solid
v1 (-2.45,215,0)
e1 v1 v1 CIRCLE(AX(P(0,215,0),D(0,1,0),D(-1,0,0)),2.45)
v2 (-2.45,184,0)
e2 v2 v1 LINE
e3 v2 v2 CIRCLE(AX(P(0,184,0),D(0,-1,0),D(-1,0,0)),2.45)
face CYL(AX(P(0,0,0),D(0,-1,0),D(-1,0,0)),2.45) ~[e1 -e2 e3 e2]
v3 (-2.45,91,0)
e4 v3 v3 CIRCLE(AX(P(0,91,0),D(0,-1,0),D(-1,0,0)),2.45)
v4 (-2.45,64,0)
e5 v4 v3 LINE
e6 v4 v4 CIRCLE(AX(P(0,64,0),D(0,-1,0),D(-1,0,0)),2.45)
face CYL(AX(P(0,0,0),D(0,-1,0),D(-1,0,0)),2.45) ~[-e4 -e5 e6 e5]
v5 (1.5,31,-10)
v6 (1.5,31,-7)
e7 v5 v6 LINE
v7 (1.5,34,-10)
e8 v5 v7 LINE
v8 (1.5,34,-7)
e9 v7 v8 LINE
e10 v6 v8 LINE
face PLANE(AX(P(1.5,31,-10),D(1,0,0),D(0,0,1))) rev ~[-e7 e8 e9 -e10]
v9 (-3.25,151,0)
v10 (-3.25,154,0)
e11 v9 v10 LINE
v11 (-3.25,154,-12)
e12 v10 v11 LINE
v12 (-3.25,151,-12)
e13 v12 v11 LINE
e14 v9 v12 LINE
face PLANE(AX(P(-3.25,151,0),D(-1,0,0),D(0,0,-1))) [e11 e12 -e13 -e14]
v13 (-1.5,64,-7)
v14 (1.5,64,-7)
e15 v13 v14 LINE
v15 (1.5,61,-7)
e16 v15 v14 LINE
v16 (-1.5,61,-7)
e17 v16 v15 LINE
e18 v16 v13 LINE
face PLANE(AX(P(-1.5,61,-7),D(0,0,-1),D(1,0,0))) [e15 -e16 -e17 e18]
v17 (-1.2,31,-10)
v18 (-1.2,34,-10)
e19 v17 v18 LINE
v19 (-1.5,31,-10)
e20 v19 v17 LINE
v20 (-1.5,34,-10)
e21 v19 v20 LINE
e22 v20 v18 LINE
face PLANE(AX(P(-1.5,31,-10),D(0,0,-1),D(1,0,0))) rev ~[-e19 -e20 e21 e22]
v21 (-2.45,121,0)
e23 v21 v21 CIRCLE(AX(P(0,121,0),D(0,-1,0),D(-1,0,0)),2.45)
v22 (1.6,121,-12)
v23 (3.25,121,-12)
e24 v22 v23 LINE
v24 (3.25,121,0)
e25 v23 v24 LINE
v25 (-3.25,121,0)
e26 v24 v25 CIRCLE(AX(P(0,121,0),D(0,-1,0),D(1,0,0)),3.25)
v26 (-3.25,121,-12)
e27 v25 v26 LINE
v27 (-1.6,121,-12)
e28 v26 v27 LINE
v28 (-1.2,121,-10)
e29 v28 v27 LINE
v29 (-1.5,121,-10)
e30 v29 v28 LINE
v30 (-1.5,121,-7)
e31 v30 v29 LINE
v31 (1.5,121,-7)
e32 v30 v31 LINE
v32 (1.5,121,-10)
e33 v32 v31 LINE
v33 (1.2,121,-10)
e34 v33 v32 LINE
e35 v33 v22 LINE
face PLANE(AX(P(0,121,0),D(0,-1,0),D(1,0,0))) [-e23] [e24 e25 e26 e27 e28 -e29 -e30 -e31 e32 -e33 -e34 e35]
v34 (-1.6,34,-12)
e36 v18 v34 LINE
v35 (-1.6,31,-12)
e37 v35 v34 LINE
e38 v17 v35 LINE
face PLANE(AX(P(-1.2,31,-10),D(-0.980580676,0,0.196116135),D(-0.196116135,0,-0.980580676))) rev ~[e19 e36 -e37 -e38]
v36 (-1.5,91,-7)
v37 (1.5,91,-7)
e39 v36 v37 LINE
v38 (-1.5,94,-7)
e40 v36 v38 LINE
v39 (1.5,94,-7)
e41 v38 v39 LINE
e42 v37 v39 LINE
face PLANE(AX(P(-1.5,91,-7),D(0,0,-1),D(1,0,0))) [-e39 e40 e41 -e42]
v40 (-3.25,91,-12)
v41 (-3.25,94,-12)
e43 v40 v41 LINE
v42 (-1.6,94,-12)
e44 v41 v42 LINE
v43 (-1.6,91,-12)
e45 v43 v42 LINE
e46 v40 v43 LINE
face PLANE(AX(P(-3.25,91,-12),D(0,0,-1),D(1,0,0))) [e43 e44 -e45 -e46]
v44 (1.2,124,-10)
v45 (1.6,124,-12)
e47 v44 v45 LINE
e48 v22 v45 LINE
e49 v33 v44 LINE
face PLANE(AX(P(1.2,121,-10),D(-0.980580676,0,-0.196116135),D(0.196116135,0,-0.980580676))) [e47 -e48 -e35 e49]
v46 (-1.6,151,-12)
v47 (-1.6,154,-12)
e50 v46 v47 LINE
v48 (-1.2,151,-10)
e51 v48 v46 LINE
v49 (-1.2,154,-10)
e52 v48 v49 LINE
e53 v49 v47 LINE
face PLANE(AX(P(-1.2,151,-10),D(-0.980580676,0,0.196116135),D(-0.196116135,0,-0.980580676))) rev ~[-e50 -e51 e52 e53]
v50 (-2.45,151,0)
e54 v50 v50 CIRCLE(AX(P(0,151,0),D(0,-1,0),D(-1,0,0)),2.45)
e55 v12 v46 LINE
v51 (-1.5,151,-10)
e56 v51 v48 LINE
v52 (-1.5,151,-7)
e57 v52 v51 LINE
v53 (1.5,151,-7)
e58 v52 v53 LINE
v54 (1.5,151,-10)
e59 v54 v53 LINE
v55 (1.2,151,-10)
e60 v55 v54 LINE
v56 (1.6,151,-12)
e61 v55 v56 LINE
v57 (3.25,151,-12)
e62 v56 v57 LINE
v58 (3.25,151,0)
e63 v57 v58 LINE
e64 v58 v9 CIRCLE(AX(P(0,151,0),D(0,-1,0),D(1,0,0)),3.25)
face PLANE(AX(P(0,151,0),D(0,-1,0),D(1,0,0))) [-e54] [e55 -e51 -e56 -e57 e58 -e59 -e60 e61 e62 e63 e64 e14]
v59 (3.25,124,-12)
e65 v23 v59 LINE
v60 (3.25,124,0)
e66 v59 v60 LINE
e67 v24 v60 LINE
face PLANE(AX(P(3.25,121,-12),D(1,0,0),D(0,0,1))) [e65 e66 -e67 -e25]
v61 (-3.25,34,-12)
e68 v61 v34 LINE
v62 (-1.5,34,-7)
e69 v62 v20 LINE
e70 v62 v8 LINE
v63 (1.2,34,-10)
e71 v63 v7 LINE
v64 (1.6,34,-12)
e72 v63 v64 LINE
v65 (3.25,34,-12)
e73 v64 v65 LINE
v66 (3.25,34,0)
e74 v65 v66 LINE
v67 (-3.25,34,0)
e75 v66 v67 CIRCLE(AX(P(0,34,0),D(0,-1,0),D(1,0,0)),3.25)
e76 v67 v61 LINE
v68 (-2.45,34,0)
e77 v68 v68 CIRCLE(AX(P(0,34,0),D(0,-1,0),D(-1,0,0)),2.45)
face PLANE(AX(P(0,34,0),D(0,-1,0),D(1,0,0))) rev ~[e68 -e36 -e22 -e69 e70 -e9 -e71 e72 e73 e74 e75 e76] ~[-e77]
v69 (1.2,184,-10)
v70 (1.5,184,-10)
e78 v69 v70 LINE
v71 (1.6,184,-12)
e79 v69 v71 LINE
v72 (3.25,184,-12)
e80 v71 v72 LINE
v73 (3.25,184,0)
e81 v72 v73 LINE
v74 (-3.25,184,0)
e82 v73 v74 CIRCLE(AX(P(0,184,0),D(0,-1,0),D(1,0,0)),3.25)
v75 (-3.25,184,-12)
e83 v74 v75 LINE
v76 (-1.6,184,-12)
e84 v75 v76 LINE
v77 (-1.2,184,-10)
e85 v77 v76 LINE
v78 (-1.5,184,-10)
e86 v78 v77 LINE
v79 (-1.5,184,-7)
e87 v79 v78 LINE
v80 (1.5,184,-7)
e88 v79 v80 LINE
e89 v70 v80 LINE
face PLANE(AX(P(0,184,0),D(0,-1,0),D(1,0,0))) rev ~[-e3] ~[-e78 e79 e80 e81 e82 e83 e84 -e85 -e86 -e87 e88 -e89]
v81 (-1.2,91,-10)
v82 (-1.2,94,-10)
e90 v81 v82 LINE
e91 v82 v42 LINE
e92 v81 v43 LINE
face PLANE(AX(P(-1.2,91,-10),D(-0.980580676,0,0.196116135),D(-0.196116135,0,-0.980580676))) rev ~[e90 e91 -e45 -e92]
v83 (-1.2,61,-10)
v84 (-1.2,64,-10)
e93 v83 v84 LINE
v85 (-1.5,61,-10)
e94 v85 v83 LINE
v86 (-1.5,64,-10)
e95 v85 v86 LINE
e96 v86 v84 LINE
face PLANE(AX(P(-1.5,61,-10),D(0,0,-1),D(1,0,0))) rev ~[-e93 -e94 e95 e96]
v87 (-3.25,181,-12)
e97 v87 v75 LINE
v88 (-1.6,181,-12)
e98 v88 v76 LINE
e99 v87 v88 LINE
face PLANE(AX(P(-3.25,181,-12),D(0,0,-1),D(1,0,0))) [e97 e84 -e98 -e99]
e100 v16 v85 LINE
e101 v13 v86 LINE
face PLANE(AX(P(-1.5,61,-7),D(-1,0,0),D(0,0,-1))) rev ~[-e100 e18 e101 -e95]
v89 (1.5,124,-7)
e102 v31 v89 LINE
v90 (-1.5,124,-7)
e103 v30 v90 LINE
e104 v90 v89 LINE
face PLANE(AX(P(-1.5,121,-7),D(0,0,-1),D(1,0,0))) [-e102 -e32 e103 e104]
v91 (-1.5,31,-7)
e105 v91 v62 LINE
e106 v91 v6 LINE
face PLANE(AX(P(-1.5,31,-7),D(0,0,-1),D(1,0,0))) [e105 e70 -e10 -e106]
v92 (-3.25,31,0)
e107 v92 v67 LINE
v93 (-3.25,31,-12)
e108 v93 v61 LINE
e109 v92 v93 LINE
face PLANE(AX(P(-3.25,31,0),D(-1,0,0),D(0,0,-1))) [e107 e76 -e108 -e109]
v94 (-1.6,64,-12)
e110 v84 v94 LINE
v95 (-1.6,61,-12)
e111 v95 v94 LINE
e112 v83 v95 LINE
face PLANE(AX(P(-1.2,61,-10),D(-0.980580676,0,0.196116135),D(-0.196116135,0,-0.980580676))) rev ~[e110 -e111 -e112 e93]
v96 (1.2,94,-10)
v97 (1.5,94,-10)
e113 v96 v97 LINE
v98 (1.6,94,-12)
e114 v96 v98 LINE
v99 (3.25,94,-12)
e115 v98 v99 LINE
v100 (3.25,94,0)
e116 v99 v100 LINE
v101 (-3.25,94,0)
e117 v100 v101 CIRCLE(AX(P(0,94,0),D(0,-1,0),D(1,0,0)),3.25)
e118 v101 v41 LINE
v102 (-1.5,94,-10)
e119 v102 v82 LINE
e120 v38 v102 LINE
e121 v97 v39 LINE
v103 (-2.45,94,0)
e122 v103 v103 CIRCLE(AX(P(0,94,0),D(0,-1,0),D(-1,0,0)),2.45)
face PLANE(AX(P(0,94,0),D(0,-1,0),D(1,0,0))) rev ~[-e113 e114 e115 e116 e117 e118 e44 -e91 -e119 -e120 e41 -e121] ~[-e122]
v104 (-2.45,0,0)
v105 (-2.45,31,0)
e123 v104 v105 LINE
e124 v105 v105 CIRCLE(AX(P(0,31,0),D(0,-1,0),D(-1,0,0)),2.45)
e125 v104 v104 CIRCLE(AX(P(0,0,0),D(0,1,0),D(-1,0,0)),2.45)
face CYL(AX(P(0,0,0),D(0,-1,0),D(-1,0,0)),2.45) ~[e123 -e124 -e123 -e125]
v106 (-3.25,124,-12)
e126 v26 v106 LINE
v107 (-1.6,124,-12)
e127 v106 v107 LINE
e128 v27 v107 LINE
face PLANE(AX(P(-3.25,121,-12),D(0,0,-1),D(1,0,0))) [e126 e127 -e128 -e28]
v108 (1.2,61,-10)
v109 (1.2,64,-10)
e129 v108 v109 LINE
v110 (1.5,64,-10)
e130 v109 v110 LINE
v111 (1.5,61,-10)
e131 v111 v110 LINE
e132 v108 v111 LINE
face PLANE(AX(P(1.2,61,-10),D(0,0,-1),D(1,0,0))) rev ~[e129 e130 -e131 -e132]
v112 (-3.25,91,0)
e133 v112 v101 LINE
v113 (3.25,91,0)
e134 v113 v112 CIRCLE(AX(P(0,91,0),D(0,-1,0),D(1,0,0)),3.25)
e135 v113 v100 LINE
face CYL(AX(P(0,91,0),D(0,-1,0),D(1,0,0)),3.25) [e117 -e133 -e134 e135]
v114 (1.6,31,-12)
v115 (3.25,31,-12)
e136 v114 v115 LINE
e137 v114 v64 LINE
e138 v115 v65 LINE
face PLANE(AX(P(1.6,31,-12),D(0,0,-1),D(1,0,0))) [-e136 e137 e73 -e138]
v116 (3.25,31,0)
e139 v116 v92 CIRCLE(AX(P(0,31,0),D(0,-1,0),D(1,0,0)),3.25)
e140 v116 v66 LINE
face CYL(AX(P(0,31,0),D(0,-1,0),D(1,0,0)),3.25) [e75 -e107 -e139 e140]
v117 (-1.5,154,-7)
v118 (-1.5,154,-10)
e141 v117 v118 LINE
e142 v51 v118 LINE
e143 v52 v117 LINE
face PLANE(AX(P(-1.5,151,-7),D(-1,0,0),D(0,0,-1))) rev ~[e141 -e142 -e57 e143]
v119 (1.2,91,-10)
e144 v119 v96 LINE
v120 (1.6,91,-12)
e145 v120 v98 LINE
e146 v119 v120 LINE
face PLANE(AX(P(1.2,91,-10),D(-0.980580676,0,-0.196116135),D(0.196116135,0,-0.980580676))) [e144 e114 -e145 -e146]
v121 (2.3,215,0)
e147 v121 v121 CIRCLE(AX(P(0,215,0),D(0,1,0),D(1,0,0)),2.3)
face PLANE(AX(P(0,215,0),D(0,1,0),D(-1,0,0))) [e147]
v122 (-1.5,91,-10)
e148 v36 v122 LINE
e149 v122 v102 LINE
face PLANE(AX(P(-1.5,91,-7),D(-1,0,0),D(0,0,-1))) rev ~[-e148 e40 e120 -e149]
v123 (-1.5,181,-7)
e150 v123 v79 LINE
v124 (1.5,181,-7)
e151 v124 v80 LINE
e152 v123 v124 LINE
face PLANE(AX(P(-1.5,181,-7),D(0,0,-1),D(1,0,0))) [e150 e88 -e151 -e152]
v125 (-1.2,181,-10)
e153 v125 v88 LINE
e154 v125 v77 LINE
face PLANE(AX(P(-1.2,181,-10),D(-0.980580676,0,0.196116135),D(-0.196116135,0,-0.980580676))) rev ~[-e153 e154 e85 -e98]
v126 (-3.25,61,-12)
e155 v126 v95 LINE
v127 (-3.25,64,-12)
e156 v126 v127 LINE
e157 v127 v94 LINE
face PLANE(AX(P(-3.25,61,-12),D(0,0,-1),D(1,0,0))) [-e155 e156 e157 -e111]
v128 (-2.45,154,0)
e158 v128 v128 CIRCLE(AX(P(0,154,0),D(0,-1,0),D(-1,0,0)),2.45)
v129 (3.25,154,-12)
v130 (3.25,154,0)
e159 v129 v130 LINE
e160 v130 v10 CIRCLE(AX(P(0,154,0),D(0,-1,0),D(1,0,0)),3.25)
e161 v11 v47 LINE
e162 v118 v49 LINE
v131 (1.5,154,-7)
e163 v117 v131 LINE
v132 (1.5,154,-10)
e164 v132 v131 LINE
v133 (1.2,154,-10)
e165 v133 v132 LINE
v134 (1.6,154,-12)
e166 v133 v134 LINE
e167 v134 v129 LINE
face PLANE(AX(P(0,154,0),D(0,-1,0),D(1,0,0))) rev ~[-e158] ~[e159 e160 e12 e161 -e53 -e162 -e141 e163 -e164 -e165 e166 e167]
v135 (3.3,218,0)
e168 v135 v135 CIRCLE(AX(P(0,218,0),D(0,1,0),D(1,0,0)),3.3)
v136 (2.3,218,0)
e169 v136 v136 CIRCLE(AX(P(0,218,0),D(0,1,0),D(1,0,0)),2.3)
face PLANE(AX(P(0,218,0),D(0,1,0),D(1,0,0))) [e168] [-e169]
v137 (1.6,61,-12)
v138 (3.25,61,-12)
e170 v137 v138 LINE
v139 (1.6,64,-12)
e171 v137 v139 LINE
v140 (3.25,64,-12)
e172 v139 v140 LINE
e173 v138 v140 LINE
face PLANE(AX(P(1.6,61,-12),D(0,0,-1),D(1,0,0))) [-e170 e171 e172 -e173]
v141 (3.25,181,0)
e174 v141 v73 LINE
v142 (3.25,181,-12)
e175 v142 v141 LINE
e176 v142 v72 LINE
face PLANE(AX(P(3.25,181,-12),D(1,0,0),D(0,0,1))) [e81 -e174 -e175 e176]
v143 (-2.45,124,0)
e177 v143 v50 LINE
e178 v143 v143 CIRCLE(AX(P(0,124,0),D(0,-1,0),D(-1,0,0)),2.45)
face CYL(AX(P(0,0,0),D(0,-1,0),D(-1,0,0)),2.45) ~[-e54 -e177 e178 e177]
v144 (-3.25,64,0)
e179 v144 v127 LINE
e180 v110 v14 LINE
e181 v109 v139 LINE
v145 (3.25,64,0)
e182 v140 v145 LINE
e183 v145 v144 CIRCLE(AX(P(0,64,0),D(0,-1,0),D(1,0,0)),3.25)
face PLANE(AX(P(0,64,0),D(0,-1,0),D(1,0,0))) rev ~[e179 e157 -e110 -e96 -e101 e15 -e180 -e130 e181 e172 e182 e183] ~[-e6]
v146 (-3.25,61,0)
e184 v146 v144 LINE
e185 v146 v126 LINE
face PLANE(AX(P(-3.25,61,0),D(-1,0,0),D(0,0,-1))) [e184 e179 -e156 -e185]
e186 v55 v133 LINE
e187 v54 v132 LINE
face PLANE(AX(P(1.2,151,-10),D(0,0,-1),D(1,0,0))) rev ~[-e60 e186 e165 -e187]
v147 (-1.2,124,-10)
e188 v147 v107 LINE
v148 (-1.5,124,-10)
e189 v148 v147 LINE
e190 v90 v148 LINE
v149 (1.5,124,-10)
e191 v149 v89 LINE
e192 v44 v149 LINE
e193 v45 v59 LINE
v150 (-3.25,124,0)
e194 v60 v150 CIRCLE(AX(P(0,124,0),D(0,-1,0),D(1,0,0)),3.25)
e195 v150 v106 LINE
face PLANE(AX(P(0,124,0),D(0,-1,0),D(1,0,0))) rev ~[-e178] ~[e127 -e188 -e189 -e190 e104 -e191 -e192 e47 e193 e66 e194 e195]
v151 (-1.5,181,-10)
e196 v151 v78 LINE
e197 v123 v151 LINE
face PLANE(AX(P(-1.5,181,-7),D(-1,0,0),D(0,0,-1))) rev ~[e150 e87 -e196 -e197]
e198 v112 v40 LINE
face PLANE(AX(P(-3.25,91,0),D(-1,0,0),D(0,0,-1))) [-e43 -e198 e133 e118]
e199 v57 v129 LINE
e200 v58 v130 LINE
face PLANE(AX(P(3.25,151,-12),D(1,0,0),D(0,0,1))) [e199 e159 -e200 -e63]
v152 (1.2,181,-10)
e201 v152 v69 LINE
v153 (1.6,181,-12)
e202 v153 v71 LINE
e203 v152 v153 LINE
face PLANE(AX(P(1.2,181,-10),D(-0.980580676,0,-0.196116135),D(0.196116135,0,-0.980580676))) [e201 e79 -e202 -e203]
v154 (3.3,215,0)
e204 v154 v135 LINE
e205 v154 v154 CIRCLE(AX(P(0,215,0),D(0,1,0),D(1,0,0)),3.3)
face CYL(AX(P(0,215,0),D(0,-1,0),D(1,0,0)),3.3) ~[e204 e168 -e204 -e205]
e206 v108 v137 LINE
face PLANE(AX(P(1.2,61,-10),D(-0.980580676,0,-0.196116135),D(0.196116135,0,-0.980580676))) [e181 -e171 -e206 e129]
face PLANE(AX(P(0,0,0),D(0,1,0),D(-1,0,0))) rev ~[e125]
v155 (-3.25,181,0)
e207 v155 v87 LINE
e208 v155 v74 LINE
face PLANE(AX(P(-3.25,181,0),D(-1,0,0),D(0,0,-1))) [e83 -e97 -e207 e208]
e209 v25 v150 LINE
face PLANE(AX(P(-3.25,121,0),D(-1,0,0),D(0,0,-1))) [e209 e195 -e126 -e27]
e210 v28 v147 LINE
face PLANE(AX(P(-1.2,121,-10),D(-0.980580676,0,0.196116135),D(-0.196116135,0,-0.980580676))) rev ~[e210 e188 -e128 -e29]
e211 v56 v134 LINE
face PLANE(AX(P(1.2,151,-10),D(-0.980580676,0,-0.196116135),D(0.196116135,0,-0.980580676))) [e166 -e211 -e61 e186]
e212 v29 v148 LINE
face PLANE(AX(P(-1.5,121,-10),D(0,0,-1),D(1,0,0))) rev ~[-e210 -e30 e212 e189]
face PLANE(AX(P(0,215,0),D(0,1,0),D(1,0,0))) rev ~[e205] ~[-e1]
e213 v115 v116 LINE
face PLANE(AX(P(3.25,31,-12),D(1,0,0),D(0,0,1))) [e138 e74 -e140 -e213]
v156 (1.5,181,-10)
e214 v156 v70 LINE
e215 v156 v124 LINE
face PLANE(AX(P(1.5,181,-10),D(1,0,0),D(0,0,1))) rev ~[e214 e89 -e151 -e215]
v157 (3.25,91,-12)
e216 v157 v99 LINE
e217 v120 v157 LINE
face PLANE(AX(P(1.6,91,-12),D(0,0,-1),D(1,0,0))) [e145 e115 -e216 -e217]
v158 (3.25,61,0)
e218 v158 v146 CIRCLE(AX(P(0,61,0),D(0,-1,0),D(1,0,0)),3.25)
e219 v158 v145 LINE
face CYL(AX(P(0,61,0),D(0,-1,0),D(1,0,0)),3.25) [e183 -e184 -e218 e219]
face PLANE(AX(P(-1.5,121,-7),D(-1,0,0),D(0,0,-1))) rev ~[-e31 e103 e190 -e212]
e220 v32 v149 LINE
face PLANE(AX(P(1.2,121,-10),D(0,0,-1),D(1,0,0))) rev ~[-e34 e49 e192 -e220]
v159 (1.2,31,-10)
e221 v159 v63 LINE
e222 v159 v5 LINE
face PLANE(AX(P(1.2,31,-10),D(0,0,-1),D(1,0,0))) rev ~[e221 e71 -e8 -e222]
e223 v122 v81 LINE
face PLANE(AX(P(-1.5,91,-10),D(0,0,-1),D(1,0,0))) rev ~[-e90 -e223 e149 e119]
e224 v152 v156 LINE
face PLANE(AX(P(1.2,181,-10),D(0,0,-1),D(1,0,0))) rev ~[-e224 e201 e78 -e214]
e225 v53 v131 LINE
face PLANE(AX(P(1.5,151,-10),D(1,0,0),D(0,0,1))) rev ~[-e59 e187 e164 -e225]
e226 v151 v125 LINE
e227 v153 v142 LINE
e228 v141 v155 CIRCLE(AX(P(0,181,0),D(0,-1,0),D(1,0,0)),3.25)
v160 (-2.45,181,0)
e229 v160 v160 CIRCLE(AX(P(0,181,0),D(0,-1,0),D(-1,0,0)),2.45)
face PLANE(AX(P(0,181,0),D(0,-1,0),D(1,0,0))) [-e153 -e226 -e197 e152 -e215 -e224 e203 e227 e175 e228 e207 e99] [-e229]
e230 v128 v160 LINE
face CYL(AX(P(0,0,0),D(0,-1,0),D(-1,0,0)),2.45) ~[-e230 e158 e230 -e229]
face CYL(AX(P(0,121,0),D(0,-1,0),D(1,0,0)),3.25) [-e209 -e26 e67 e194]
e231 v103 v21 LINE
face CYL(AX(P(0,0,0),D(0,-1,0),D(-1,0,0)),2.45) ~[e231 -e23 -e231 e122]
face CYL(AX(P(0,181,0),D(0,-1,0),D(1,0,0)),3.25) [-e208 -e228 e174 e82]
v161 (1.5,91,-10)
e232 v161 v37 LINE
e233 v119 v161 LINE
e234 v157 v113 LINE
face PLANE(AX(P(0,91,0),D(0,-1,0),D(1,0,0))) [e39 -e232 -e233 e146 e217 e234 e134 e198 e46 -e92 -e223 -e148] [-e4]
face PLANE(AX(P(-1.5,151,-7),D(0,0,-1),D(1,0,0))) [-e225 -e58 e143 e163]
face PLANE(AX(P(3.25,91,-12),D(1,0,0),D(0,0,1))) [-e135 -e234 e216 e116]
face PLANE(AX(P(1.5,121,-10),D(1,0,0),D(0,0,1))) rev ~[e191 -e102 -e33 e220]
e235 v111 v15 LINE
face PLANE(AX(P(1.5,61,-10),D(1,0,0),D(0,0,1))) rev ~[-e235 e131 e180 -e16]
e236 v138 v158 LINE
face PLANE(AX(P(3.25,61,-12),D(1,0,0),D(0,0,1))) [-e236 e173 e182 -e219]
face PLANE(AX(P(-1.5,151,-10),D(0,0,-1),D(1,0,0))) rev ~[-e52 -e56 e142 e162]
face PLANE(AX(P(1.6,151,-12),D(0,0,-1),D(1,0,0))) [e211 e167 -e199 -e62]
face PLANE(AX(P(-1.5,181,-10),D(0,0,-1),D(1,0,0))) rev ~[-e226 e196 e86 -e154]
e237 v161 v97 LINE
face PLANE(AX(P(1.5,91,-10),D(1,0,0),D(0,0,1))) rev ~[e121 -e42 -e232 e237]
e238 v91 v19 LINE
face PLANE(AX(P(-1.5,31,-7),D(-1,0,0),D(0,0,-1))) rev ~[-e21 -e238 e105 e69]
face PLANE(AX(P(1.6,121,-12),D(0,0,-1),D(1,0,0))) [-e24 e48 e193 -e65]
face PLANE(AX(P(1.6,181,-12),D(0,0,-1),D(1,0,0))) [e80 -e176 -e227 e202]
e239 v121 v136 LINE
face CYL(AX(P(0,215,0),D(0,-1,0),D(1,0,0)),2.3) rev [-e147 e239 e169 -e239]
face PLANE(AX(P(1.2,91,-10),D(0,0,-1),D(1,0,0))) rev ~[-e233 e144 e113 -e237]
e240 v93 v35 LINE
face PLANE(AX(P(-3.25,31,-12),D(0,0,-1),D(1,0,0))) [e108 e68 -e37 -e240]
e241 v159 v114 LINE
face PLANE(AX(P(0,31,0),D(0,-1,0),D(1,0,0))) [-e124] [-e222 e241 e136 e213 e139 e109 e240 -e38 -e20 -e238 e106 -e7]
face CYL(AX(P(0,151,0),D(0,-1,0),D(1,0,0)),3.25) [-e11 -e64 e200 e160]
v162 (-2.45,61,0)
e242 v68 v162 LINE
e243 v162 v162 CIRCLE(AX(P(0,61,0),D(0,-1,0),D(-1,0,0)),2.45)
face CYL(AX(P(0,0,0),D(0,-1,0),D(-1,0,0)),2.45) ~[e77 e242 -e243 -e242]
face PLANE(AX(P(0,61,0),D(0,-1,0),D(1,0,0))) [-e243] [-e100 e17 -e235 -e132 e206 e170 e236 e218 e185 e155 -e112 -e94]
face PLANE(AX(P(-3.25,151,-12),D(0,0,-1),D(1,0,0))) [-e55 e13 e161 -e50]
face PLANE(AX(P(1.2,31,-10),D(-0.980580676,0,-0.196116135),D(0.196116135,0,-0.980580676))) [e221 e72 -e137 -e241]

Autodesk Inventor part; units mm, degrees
ref_plane "YZ Plane" through (0, 0, 0) normal (1, 0, 0) x (0, 1, 0)
ref_plane "XZ Plane" through (0, 0, 0) normal (0, 1, 0) x (-1, 0, 0)
sketch "草圖1" plane through (0, 0, 0) normal (0, 1, 0) x (-1, 0, 0)
  circle A0 centre (0, 0) radius 2.45
  dimension "d0" = 4.9
extrude "擠出1" add sketch "草圖1" along normal blind 215
sketch "草圖2" plane through (0, 215, 0) normal (0, 1, 0) x (1, 0, 0)
  circle A0 centre (0, 0) radius 2.45 projected
  circle A1 centre (0, 0) radius 2.3
  circle A2 centre (0, 0) radius 3.3
  dimension "d3" = 4.6
  dimension "d4" = 6.6
extrude "擠出2" add sketch "草圖2" along normal blind 3 contours A0 | A2
ref_plane "工作平面1" through (0, 31, 0) normal (0, -1, 0) x (1, 0, 0)
sketch "草圖3" plane through (0, 31, 0) normal (0, -1, 0) x (1, 0, 0)
  circle A0 centre (0, 0) radius 2.45 projected
  circle A1 centre (0, 0) radius 3.25
  line L0 (3.25, 0) -> (-3.25, 0)
  line L1 (-3.25, 0) -> (-3.25, -12)
  line L2 (-3.25, -12) -> (3.25, -12)
  line L3 (3.25, -12) -> (3.25, 0)
  line L4 (1.6, -12) -> (-1.6, -12)
  line L5 (-1.6, -12) -> (-1.6, -7)
  line L6 (-1.6, -7) -> (1.6, -7)
  line L7 (1.6, -7) -> (1.6, -12)
  line L8 (1.5, -7) -> (-1.5, -7)
  line L9 (-1.5, -7) -> (-1.5, -10)
  line L10 (-1.5, -10) -> (1.5, -10)
  line L11 (1.5, -10) -> (1.5, -7)
  line L12 (1.5, -10) -> (1.2, -10)
  line L13 (1.2, -10) -> (1.6, -12)
  line L14 (-1.5, -10) -> (-1.2, -10)
  line L15 (-1.2, -10) -> (-1.6, -12)
  point P0 (0, -12)
  point P1 (0, -12)
  point P2 (0, -7)
  dimension "d17" = 6.5
  dimension "d9" = 12
  dimension "d11" = 5
  dimension "d12" = 3.2
  dimension "d13" = 3
  dimension "d14" = 3
  dimension "d15" = 0.3
  dimension "d16" = 0.3
  dimension "d18" = 6.5
extrude "擠出3" add sketch "草圖3" against normal blind 3 contours L0 A1 A0 | A0 L0 A1 | L3 L2 L7 L6 L5 L1 A1 | L13 L10 L11 L6 L7 | L5 L6 L9 L10 L15
pattern_linear "矩形陣列1" count 6 spacing 30 along (0, 1, 0) of "擠出3"
properties part number "[3DP]bar" material "MDF Medium Density Fiberboard"
